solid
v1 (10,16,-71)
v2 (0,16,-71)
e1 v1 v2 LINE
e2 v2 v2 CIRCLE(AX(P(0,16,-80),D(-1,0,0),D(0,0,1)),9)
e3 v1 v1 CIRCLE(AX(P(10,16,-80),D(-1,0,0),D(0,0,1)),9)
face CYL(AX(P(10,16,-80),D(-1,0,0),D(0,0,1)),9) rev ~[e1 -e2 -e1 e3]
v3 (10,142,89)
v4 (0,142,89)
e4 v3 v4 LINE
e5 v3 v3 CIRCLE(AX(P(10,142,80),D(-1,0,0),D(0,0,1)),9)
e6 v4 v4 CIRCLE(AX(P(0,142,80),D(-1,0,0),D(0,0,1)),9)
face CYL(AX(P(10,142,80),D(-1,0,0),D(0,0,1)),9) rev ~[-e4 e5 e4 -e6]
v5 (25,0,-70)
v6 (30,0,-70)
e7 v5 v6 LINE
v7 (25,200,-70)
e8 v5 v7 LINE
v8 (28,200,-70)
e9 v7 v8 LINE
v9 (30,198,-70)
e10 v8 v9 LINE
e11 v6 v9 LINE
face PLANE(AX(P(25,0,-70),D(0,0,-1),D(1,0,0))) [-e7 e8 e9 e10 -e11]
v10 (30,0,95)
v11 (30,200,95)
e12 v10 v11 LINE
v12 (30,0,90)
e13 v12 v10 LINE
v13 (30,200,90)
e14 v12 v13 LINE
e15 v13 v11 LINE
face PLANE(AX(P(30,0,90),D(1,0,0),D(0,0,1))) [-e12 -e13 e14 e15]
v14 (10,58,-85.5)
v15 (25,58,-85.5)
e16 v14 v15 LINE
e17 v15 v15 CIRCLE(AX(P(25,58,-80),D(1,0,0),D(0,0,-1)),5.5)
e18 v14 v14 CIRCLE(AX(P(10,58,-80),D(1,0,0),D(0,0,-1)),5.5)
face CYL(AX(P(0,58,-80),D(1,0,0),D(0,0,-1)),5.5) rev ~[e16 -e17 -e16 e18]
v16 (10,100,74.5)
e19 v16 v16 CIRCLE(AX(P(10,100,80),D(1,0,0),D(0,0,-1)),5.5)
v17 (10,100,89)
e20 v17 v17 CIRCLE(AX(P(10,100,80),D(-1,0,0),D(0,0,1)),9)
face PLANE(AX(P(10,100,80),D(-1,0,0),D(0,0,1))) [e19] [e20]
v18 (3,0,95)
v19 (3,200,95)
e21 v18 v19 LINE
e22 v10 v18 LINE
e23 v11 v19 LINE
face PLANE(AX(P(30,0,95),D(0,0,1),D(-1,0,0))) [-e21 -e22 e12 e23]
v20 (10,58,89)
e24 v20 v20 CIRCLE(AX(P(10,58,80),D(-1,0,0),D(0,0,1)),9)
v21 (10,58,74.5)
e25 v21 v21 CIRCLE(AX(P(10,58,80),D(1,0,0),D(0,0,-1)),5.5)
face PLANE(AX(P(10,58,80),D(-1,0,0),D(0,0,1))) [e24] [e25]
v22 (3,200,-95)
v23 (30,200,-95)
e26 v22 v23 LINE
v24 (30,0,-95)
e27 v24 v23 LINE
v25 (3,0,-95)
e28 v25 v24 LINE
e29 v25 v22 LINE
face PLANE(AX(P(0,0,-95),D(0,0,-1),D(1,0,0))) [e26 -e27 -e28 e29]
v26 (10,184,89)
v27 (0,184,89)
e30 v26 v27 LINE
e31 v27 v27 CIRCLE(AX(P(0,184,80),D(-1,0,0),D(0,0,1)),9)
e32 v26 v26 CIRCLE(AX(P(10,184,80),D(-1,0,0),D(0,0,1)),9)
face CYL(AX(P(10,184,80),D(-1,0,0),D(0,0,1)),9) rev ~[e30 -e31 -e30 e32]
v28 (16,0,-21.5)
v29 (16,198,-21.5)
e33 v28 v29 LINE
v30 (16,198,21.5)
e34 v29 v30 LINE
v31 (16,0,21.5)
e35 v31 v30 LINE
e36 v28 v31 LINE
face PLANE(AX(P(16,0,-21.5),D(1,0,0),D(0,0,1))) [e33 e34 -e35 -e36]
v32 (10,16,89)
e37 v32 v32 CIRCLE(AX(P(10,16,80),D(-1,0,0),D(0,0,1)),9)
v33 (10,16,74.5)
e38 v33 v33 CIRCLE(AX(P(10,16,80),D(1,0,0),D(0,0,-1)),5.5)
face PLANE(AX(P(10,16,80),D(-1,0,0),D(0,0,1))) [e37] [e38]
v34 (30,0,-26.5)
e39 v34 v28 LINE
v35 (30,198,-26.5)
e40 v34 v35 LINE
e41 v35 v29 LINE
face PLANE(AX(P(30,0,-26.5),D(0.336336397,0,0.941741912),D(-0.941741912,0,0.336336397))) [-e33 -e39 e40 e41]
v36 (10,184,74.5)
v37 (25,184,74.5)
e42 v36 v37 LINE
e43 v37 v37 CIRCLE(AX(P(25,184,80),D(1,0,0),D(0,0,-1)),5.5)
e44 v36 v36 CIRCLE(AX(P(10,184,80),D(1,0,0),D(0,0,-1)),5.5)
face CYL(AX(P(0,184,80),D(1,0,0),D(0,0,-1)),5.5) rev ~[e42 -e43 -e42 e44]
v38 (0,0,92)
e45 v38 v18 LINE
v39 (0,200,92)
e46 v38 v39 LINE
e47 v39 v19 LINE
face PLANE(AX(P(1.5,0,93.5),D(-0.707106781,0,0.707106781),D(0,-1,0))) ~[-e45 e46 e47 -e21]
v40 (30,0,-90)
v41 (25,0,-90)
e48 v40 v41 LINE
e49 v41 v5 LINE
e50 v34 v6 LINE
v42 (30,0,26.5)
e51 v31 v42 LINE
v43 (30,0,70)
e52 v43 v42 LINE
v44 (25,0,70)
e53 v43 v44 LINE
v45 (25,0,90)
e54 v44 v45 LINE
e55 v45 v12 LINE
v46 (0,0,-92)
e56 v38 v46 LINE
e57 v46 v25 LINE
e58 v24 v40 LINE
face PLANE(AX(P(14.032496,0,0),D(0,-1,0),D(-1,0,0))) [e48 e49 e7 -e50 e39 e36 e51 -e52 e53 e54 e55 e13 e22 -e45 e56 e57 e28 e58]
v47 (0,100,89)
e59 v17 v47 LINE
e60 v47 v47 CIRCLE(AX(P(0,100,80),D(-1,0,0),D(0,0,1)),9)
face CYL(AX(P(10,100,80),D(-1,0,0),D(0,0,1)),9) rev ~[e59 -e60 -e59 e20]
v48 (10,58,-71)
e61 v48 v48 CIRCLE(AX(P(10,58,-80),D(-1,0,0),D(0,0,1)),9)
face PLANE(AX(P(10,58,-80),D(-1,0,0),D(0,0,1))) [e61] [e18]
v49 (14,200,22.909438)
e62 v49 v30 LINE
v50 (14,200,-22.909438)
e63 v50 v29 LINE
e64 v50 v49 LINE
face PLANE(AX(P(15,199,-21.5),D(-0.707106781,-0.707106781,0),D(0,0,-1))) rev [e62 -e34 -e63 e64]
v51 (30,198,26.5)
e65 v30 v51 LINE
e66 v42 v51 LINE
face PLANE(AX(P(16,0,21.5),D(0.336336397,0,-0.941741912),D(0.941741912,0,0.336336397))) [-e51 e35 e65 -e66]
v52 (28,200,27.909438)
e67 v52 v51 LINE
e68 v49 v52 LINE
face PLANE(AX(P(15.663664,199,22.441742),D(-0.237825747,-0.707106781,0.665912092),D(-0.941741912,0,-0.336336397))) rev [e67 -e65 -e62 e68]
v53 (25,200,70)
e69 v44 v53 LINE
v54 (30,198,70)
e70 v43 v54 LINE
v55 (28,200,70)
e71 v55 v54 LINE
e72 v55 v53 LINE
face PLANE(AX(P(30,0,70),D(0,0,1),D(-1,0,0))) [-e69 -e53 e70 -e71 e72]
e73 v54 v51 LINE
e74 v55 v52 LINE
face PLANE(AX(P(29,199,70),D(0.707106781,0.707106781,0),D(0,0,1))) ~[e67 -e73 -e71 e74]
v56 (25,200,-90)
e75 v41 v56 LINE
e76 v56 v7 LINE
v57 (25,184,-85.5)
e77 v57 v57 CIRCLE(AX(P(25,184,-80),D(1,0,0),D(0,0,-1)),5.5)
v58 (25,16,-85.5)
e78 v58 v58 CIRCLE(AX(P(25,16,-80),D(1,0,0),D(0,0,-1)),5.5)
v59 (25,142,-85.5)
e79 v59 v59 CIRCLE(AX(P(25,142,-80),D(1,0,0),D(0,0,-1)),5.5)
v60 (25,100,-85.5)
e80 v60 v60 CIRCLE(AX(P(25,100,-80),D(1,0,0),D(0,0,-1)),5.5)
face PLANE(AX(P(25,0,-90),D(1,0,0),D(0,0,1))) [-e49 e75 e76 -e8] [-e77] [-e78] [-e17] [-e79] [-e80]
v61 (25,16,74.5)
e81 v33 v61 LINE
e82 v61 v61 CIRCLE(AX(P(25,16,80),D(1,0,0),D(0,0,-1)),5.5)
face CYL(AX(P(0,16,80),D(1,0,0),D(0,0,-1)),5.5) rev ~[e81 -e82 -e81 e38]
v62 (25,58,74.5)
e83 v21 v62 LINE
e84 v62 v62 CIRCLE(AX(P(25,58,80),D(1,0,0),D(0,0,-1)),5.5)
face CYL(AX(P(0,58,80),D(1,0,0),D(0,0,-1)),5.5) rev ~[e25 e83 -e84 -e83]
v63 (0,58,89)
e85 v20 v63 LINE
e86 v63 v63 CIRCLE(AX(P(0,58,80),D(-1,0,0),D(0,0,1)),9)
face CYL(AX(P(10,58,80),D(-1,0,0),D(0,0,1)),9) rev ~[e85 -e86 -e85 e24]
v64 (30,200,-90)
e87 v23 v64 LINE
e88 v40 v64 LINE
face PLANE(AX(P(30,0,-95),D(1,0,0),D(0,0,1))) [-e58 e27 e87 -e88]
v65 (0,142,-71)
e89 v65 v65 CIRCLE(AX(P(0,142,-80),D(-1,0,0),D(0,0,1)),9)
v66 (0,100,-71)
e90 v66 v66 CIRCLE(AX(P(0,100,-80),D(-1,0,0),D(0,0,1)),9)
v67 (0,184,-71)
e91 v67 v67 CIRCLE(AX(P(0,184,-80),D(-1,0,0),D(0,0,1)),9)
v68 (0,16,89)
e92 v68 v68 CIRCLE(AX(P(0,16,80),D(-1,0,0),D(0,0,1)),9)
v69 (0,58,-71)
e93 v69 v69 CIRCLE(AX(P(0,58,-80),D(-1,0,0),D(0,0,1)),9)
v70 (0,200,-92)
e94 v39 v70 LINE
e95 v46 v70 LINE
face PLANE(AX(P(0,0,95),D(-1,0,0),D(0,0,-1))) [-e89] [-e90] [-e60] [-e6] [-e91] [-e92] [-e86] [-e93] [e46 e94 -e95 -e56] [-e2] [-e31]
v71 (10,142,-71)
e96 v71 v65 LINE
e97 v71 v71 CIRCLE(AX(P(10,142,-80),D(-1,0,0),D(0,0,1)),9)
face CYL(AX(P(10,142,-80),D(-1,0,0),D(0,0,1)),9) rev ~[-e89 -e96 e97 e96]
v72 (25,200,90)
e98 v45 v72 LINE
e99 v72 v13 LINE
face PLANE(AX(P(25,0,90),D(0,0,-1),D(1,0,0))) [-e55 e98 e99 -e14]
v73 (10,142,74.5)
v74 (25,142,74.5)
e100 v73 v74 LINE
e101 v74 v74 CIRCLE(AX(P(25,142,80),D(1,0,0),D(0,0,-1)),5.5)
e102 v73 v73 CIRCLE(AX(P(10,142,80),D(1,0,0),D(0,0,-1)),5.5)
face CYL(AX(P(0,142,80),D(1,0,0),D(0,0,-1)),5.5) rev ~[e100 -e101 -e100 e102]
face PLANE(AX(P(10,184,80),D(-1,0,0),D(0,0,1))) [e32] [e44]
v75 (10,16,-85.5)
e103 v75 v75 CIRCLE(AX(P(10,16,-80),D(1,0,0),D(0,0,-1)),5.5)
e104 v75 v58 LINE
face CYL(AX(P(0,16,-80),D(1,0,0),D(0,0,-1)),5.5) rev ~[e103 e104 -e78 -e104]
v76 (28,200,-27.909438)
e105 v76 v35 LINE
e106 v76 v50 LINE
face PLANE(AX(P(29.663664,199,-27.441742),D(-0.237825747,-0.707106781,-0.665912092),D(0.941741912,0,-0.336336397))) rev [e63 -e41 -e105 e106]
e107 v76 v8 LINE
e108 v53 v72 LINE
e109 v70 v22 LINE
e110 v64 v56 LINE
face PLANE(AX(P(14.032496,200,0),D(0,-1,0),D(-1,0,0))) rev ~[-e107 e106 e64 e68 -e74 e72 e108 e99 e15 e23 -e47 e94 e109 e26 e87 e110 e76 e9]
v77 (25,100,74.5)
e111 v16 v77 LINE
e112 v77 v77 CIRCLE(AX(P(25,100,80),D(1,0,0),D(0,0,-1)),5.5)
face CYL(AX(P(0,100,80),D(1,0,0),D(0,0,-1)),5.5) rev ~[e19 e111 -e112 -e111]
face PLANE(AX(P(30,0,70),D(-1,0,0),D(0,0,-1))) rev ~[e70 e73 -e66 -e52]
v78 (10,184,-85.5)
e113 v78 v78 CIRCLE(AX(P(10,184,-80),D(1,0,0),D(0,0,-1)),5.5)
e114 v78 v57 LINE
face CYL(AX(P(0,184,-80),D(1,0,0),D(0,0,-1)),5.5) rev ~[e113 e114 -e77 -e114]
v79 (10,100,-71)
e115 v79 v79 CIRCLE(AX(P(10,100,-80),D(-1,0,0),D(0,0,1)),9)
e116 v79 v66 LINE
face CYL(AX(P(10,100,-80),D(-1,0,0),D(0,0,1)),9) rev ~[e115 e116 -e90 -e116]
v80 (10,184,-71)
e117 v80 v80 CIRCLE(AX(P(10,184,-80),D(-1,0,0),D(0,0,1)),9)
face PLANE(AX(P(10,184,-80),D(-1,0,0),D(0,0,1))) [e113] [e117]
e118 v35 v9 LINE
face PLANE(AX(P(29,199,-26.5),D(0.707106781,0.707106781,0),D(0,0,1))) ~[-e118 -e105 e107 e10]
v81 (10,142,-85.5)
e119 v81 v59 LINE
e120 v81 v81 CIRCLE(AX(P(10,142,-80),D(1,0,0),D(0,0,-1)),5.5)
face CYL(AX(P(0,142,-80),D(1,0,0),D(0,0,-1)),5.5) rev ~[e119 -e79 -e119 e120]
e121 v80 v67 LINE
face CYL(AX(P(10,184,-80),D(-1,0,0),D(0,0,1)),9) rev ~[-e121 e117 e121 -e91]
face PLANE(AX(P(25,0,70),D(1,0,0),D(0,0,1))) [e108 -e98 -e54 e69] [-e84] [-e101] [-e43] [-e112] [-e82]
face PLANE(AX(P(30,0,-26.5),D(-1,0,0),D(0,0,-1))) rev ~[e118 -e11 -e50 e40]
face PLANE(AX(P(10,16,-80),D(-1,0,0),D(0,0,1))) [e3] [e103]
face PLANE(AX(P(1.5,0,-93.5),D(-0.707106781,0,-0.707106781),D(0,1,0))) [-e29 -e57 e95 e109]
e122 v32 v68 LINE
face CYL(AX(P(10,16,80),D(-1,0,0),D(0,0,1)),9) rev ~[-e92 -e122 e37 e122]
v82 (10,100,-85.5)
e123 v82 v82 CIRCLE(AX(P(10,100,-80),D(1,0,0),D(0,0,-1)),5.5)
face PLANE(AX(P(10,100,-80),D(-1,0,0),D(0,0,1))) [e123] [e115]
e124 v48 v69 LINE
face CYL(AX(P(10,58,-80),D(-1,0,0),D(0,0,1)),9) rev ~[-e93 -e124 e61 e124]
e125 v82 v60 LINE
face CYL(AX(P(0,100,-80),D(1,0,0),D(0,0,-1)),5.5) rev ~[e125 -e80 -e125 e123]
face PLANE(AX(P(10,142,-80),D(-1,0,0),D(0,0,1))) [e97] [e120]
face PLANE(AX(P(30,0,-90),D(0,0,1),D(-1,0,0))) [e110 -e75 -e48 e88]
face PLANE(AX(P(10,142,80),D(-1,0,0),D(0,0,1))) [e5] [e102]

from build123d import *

# Parameters (mm, degrees)
ESTRUSIONE1_DEPTH                                    = 200
M10_LAMATURA_PER_VITE_A_COPERTURA_CILIND_D           = 11
M10_LAMATURA_PER_VITE_A_COPERTURA_CILIND_CBORE_D     = 18
M10_LAMATURA_PER_VITE_A_COPERTURA_CILIND_CBORE_DEPTH = 10
RIPETIZIONE_A_L1_COUNT                               = 5
RIPETIZIONE_A_L1_PITCH                               = 42
RIPETIZIONE_A_L1_COUNT_DIR2                          = 2
RIPETIZIONE_A_L1_PITCH_DIR2                          = 160
SMUSSO1_SIZE                                         = 3
SMUSSO2_SIZE                                         = 2


with BuildPart() as part:
    # Schizzo1 → Estrusione1 (new body)
    with BuildSketch(Plane(origin=(0, 0, 0), x_dir=(1, 0, 0), z_dir=(0, 1, 0))):
        Polygon((0, -95), (0, 95), (30, 95), (30, 90), (25, 90), (25, 70), (30, 70), (30, 66), (30, 26.5), (16, 21.5), (16, -21.5), (30, -26.5), (30, -66), (30, -70), (25, -70), (25, -90), (30, -90), (30, -95), align=None)
    extrude(amount=ESTRUSIONE1_DEPTH)

    # M10 Lamatura per vite a copertura cilindrica esagonale1 (through all)
    with Locations(Plane.ZY):
        with Locations((80, 184)):
            m10_lamatura_per_vite_a_copertura_cilind = CounterBoreHole(M10_LAMATURA_PER_VITE_A_COPERTURA_CILIND_D / 2, M10_LAMATURA_PER_VITE_A_COPERTURA_CILIND_CBORE_D / 2, M10_LAMATURA_PER_VITE_A_COPERTURA_CILIND_CBORE_DEPTH)

    # Ripetizione a L1: M10 Lamatura per vite a copertura cilind 5 × 2
    with Locations(*[(0, -i * RIPETIZIONE_A_L1_PITCH, -j * RIPETIZIONE_A_L1_PITCH_DIR2) for i in range(RIPETIZIONE_A_L1_COUNT) for j in range(RIPETIZIONE_A_L1_COUNT_DIR2) if (i, j) != (0, 0)]):
        add(m10_lamatura_per_vite_a_copertura_cilind, mode=Mode.SUBTRACT)

    # Smusso1
    smusso1_edges = [part.edges().sort_by_distance(p)[0] for p in [
        (0, 100, 95),
        (0, 100, -95),
    ]]
    chamfer(smusso1_edges, length=SMUSSO1_SIZE)

    # Smusso2
    smusso2_edges = [part.edges().sort_by_distance(p)[0] for p in [
        (30, 200, 48.25),
        (23, 200, 24),
        (16, 200, 0),
        (23, 200, -24),
        (30, 200, -48.25),
    ]]
    chamfer(smusso2_edges, length=SMUSSO2_SIZE)


solid = part.part
